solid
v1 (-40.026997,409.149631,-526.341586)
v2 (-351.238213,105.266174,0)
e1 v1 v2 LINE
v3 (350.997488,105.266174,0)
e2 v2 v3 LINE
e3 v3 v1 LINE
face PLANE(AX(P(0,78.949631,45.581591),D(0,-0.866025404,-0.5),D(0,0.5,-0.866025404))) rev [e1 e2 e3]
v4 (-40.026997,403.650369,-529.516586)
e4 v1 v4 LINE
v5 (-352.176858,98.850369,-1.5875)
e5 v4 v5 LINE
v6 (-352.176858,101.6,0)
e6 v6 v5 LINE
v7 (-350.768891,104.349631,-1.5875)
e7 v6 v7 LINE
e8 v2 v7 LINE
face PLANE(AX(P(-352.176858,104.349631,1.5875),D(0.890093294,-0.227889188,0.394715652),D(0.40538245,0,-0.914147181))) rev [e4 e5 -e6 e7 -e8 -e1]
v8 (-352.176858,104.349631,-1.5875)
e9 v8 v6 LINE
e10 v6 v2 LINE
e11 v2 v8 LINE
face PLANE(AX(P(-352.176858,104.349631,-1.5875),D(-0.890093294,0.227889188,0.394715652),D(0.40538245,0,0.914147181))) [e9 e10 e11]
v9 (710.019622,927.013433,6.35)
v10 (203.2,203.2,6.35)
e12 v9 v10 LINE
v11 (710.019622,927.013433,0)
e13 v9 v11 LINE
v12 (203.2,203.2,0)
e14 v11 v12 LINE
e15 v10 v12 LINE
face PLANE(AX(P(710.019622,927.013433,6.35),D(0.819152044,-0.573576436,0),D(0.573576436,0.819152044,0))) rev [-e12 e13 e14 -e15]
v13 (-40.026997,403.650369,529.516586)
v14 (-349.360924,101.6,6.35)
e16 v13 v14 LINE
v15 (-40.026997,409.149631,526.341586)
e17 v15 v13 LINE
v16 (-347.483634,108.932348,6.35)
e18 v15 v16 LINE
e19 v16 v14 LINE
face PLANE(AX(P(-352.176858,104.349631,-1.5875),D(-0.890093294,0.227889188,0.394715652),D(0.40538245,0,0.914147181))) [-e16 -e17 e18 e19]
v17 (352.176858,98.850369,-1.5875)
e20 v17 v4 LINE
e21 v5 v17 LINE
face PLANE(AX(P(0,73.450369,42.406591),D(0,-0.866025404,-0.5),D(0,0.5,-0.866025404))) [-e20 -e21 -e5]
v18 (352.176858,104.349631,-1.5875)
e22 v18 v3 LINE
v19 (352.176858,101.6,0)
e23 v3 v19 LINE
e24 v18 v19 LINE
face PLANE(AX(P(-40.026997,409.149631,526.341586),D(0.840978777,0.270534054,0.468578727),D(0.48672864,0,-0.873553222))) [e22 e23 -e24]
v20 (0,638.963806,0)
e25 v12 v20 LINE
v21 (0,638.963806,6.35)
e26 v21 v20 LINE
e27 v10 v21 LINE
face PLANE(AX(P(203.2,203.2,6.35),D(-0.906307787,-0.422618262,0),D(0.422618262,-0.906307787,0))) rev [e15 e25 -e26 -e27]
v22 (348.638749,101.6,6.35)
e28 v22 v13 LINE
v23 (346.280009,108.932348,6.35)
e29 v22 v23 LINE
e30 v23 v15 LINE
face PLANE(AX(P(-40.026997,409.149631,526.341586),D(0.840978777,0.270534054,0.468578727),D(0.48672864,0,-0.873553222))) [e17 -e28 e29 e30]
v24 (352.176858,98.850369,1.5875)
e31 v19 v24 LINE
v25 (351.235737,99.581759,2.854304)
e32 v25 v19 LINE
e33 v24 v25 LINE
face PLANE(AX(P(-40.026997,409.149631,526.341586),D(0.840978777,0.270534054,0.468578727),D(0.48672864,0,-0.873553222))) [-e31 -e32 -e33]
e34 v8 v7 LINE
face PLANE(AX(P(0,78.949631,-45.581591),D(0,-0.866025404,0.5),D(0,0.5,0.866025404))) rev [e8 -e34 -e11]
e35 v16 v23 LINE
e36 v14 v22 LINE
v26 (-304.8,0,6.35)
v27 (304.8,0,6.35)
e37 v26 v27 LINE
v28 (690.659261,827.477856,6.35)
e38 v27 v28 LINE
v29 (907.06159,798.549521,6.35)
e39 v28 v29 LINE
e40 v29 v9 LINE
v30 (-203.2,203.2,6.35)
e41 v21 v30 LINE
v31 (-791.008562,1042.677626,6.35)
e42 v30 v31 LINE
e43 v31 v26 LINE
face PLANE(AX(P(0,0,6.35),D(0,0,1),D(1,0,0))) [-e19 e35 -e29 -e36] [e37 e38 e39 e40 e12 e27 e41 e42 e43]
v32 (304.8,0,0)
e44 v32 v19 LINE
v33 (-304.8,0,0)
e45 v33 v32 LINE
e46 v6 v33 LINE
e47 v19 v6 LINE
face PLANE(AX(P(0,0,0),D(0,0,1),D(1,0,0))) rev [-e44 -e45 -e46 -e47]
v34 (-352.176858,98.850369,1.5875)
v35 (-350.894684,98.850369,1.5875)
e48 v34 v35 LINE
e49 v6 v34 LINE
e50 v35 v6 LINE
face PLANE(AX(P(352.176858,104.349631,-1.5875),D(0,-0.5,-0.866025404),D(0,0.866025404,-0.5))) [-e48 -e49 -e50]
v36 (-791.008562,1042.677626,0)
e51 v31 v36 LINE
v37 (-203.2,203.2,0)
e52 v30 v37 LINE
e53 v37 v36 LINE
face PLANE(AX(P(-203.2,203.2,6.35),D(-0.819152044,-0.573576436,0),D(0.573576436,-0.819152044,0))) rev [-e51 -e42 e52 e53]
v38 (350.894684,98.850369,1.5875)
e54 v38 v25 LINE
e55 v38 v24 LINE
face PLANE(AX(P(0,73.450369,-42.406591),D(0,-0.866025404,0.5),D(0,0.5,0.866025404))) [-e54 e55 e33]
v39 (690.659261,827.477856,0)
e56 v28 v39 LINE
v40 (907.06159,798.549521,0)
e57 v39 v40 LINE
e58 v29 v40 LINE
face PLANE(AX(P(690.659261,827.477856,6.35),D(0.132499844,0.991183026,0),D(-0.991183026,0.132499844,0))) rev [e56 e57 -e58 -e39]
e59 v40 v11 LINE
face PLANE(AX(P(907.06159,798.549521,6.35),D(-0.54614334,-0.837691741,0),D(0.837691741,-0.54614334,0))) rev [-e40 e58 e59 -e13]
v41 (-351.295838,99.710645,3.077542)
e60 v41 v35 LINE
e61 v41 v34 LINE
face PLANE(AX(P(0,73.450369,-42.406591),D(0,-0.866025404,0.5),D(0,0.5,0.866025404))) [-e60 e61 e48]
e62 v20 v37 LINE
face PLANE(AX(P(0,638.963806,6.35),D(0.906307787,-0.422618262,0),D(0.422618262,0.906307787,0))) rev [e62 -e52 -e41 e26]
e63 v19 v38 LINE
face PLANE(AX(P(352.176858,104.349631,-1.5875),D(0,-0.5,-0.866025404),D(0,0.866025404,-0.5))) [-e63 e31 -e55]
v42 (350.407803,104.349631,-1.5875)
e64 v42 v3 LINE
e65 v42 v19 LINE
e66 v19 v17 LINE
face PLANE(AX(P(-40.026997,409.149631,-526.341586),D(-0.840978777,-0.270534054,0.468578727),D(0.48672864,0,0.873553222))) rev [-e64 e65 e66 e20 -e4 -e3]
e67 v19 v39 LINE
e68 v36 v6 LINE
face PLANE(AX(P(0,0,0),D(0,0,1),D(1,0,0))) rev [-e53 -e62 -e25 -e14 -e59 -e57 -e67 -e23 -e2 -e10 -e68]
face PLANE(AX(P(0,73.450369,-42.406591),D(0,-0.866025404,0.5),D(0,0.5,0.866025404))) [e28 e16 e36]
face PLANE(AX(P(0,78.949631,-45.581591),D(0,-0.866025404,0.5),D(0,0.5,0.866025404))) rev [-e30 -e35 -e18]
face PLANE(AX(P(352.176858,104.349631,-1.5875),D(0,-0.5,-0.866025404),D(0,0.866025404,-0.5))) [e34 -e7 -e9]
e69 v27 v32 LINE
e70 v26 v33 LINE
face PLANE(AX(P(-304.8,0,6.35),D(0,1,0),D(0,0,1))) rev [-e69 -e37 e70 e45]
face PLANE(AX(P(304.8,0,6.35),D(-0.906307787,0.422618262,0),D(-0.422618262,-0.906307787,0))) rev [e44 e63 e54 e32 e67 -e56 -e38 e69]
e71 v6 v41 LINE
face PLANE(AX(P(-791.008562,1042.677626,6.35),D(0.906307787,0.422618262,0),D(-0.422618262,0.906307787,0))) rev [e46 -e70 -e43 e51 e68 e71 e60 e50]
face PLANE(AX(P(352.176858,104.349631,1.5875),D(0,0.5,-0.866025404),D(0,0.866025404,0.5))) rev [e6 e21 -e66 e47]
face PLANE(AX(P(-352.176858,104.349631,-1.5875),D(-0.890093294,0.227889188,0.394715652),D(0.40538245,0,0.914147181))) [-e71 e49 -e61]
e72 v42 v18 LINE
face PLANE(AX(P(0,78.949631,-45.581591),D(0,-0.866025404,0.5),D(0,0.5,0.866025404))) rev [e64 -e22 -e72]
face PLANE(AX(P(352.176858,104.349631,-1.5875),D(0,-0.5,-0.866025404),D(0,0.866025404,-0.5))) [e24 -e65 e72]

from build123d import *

# Parameters (mm, degrees)
BOSS_EXTRUDE1_DEPTH = 6.35
BOSS_EXTRUDE2_DEPTH = 3.175


with BuildPart() as part:
    # Sketch1 → Boss-Extrude1 (new body)
    with BuildSketch(Plane.XY):
        Polygon((-304.8, 0), (304.8, 0), (690.659261151, 827.477855881), (907.061590086, 798.54952059), (710.019622074, 927.013433042), (203.2, 203.2), (0, 638.963806248), (-203.2, 203.2), (-791.008562204, 1042.677626458), align=None)
    extrude(amount=BOSS_EXTRUDE1_DEPTH)

    # Sketch2 → Boss-Extrude2 (add, symmetric)
    with BuildSketch(Plane(origin=(0, 76.2, 43.994090512), x_dir=(1, 0, 0), z_dir=(0, 0.866025403784438, 0.500000000000001))):
        Polygon((-352.176858069, 50.8), (-40.026997385, 660.4), (352.176858069, 50.8), align=None)
    boss_extrude2 = extrude(amount=BOSS_EXTRUDE2_DEPTH, both=True)

    # Mirror1: Boss-Extrude2 across plane
    add(boss_extrude2.mirror(Plane.XY))


solid = part.part
